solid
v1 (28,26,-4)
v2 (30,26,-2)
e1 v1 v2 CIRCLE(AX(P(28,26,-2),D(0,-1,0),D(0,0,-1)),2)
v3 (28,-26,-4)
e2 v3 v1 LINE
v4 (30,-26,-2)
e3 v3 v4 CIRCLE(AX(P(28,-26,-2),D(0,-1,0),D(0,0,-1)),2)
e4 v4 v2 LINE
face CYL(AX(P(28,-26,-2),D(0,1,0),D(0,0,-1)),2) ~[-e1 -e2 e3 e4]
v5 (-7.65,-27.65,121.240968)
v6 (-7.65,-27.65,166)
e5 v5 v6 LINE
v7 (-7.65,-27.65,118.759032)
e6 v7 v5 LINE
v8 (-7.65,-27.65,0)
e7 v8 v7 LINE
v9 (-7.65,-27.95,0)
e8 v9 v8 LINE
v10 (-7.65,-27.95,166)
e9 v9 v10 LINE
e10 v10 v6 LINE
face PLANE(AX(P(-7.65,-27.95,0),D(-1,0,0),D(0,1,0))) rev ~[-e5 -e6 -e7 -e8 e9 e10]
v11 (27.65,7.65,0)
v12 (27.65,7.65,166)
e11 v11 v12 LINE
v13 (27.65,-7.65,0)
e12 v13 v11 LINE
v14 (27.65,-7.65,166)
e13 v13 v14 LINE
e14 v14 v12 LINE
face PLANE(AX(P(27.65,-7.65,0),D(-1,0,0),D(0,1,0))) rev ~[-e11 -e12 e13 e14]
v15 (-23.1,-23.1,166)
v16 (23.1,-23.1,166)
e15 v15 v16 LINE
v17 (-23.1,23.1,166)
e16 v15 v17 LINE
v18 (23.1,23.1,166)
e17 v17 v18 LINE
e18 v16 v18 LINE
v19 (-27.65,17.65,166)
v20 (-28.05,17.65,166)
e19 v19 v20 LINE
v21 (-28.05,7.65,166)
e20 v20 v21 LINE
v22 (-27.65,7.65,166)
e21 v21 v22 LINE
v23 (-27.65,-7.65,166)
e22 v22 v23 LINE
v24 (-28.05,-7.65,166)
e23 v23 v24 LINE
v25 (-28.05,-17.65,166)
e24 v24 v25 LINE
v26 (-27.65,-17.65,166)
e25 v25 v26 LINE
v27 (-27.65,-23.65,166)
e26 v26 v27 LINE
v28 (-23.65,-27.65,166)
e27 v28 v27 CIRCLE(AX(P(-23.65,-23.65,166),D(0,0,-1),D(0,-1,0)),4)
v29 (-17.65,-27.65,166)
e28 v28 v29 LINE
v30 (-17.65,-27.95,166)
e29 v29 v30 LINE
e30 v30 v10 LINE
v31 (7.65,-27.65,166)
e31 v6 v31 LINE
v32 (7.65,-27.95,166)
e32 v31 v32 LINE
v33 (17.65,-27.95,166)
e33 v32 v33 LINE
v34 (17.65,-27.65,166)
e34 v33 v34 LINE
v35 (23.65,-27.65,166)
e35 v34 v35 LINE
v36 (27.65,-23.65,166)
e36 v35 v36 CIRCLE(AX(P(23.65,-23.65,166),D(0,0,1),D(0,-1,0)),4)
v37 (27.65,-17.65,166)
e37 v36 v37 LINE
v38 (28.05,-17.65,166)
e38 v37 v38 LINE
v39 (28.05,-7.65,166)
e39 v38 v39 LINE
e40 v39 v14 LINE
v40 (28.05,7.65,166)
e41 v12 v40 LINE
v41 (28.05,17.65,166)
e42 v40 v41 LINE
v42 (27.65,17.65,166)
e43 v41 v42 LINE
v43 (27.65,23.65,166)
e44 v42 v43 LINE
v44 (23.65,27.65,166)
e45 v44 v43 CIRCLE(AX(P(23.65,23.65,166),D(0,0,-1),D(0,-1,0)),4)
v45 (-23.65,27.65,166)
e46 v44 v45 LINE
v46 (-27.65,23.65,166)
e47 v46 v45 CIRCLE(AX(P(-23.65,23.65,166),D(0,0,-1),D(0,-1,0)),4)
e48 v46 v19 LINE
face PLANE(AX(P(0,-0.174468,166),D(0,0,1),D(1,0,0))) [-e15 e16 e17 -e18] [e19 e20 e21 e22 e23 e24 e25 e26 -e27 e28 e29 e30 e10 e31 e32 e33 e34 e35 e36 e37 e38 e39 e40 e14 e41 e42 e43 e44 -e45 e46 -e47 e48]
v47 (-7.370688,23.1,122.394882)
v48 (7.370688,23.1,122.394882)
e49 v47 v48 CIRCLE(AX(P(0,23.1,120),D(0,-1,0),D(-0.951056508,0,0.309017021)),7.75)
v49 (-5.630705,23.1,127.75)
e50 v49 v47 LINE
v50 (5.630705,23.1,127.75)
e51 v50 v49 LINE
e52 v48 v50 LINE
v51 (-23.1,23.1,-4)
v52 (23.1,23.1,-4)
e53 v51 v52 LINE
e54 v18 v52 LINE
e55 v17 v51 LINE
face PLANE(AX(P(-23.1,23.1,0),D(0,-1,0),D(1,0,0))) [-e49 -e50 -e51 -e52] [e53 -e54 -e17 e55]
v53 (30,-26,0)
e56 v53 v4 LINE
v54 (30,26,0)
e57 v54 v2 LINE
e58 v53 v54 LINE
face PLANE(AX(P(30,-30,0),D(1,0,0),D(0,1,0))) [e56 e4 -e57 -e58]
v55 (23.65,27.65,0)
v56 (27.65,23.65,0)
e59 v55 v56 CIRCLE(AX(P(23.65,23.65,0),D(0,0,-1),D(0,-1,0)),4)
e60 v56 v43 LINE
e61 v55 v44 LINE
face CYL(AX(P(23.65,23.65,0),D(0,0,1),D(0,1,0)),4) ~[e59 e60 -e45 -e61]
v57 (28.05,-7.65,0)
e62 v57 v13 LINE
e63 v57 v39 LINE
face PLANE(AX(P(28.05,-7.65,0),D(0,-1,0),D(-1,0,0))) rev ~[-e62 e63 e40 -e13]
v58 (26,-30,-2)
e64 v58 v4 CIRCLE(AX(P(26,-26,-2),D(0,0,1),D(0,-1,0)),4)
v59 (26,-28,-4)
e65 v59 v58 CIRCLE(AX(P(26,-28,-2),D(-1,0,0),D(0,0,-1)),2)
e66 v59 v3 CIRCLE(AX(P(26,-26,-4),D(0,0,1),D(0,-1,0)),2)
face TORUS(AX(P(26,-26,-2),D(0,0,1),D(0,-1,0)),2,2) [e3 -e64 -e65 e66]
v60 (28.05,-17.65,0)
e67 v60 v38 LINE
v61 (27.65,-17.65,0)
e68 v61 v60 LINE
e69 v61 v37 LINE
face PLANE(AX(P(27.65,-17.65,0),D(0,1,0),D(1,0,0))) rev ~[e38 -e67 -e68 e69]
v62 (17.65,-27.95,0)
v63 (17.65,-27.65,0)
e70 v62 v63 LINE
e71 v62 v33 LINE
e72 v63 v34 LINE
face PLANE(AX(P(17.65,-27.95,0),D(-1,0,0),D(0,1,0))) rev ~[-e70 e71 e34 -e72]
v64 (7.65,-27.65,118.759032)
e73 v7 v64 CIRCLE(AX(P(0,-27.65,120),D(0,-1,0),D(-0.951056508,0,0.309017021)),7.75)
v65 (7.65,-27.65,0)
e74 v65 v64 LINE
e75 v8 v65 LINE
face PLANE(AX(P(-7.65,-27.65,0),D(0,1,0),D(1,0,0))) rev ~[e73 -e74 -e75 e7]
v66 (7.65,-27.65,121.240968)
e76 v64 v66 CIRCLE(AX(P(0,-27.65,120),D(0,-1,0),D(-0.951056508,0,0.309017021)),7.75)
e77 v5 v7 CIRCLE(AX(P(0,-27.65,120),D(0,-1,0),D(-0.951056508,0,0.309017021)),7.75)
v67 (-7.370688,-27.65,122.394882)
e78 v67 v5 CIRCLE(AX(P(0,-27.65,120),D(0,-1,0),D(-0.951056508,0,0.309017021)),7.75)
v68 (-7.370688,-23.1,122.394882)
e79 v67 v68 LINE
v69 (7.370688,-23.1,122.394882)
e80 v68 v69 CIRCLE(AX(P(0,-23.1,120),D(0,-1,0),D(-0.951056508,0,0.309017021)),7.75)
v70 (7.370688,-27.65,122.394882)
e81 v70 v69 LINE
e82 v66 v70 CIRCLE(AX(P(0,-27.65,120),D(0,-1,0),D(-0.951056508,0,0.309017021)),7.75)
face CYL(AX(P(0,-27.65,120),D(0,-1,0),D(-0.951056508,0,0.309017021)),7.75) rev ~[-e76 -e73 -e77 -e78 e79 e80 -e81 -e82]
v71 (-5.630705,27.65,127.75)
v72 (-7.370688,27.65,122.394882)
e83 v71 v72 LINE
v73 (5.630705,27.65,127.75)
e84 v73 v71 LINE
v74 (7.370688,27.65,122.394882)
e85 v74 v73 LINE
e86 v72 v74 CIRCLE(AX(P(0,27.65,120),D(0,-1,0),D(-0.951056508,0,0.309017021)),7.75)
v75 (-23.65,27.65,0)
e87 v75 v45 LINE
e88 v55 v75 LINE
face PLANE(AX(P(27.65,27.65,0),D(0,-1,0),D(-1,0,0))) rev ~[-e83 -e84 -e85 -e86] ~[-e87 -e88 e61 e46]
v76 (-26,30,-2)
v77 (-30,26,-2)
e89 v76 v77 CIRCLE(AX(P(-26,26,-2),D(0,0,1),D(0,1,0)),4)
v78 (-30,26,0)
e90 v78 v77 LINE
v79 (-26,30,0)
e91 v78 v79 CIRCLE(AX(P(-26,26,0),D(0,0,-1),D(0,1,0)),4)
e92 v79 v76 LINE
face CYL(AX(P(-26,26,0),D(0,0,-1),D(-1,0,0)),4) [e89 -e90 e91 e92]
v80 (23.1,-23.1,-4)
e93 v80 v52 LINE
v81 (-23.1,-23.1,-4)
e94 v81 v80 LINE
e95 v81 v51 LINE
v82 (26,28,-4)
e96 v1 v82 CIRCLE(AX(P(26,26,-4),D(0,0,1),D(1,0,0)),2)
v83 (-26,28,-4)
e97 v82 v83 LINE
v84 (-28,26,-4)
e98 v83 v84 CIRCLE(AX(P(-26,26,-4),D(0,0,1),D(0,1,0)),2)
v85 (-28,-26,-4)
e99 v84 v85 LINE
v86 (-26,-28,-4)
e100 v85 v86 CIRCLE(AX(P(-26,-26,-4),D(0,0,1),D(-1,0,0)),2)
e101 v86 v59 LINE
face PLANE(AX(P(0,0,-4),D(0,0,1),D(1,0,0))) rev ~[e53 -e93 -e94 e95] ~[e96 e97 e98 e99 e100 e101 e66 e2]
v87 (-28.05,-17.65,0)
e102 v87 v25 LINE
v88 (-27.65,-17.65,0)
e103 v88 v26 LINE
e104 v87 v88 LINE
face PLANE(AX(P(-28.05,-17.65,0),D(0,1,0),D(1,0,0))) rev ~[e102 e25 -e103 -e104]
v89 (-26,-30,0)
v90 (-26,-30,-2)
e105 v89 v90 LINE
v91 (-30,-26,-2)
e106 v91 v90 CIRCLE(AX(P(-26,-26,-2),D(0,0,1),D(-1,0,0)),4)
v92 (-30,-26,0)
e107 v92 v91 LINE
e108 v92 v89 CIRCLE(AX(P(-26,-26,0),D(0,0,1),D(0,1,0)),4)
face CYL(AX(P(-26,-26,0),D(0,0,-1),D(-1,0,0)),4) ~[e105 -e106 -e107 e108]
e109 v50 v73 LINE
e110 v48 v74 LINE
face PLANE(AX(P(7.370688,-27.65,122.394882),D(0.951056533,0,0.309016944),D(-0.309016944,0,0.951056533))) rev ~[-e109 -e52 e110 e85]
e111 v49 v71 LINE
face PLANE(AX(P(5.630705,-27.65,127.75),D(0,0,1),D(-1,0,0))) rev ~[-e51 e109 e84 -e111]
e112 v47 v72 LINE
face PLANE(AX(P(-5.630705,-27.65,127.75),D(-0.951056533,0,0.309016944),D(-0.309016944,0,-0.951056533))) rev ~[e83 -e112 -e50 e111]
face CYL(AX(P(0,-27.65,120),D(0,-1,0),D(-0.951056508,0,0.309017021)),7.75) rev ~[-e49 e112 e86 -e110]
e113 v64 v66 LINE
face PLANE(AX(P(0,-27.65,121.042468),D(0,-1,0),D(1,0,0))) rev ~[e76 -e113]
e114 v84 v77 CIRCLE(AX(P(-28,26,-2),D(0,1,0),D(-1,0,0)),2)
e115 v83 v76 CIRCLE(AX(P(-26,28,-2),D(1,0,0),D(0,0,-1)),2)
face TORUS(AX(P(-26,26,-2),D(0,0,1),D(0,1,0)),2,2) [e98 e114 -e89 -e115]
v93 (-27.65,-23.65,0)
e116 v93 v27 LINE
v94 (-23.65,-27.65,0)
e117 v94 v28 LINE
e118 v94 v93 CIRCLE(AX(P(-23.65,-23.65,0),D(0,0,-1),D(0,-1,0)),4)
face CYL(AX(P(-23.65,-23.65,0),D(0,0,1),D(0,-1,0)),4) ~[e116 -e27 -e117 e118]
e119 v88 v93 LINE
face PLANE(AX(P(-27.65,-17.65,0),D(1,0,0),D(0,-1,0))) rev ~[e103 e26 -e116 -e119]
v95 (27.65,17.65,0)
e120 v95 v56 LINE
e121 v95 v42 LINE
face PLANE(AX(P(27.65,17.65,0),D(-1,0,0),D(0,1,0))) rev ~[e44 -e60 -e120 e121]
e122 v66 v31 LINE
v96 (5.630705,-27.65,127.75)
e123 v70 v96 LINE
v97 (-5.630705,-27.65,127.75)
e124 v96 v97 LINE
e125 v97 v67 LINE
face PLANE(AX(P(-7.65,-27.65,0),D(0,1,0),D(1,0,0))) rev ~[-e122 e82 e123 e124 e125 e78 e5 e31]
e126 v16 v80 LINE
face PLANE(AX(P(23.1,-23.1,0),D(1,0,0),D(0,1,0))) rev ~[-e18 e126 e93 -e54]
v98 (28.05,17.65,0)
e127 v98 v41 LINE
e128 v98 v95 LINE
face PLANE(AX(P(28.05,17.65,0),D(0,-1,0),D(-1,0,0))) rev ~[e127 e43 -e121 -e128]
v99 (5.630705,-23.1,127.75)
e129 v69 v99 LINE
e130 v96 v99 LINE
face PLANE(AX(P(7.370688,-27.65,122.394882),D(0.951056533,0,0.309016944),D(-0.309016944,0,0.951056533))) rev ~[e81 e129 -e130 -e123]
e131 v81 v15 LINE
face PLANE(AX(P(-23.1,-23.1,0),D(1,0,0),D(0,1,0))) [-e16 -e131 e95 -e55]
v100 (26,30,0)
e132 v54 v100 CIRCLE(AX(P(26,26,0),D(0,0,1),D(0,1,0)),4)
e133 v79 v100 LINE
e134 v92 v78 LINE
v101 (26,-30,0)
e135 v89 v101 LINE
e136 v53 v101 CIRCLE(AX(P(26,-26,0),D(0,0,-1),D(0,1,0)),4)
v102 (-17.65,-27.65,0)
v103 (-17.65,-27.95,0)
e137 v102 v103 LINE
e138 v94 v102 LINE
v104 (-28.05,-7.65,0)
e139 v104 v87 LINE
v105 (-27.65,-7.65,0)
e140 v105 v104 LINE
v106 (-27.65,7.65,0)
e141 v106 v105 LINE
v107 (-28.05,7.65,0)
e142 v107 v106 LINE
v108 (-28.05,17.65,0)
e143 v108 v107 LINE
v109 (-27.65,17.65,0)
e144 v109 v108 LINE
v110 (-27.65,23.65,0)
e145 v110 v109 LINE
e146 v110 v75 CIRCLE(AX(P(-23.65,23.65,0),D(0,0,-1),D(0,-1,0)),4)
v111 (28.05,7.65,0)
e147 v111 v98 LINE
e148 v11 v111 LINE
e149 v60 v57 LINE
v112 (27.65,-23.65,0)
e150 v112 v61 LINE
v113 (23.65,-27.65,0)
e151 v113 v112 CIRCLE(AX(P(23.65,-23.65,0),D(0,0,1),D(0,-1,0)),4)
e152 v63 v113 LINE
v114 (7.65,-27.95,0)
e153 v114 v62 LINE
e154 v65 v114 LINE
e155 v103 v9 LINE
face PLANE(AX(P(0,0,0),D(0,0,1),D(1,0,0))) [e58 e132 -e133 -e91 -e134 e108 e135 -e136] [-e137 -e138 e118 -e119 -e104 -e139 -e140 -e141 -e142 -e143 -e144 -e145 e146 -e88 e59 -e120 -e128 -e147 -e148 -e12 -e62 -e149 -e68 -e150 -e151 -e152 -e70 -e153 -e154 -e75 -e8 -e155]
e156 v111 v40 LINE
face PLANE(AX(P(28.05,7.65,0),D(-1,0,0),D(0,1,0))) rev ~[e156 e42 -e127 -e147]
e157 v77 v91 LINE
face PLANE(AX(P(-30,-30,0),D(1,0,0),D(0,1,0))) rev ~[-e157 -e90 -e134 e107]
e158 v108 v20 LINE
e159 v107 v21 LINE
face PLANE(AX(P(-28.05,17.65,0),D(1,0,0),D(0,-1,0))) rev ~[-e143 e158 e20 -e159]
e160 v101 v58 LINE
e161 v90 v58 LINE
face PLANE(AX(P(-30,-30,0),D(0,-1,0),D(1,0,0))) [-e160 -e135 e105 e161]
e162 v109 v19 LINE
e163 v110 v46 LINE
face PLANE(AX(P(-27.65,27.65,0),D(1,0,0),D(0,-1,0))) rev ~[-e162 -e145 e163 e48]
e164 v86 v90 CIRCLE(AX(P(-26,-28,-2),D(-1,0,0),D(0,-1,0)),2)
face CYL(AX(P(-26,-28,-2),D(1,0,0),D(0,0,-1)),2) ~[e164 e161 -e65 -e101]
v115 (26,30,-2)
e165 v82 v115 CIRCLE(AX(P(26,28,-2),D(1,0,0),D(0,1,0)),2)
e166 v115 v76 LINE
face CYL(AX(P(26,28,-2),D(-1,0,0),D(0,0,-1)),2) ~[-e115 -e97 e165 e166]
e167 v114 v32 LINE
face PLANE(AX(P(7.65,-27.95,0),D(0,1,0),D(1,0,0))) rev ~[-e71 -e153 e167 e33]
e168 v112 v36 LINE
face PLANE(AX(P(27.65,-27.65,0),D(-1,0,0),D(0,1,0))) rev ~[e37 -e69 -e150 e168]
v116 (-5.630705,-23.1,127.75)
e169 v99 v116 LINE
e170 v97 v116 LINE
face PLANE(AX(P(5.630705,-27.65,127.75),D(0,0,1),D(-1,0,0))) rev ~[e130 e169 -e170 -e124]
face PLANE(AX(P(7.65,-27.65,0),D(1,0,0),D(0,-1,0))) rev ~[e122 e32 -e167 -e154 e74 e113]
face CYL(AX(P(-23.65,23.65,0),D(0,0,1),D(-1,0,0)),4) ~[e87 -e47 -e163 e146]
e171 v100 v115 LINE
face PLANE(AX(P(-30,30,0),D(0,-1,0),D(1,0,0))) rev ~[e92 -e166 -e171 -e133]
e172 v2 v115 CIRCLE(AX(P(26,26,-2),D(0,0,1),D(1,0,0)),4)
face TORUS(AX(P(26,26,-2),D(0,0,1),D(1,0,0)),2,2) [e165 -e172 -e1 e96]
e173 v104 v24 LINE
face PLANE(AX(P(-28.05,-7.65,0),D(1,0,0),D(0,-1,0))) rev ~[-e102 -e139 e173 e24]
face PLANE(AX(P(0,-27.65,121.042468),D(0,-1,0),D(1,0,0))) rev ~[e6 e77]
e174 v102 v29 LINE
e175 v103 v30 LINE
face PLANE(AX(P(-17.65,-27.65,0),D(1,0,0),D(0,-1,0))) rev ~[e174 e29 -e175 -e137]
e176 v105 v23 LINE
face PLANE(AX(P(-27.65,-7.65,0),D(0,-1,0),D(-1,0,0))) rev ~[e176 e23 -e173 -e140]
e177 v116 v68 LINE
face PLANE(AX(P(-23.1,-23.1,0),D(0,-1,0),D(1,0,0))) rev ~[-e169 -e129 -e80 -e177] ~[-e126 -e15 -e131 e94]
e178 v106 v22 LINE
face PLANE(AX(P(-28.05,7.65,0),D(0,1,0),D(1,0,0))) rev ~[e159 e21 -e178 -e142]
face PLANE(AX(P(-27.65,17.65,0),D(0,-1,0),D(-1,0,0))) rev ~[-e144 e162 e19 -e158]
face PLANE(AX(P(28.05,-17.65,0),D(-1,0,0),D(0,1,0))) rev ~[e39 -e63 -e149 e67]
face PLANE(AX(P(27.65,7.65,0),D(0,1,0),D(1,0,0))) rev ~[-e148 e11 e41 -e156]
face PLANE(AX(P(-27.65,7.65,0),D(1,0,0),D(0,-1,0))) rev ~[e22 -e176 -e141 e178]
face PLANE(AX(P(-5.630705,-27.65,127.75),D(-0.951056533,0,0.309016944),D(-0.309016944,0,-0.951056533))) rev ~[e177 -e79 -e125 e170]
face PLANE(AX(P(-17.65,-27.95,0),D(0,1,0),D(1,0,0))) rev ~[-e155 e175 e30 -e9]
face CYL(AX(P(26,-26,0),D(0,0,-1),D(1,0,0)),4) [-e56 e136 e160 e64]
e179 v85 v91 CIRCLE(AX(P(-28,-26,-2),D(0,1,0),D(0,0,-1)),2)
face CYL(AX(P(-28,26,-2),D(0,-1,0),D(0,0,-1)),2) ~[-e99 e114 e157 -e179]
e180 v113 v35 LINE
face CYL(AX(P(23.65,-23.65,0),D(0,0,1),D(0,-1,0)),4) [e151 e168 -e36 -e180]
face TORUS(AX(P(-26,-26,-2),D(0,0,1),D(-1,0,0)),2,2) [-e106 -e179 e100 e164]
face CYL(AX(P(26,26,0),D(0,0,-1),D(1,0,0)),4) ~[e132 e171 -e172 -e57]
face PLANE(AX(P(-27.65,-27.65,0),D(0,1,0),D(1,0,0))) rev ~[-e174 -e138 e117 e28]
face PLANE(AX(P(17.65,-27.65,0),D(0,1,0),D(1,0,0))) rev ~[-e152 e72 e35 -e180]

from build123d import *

# Parameters (mm, degrees)
F0_W     = 46.2
F0_H     = 46.2
F1_DEPTH = 166
F0_W_2   = 60
F0_H_2   = 60
F2_DEPTH = 4
F3_R     = 4
F4_R     = 2
F7_DEPTH = 80


with BuildPart() as f1:
    # F0 (on Top) → F1 (new body)
    with BuildSketch(Plane.XY):
        Polygon((27.65, 17.65), (27.65, 27.65), (-27.65, 27.65), (-27.65, 17.65), (-28.05, 17.65), (-28.05, 7.65), (-27.65, 7.65), (-27.65, -7.65), (-28.05, -7.65), (-28.05, -17.65), (-27.65, -17.65), (-27.65, -27.65), (-17.65, -27.65), (-17.65, -27.95), (-7.65, -27.95), (-7.65, -27.65), (7.65, -27.65), (7.65, -27.95), (17.65, -27.95), (17.65, -27.65), (27.65, -27.65), (27.65, -17.65), (28.05, -17.65), (28.05, -7.65), (27.65, -7.65), (27.65, 7.65), (28.05, 7.65), (28.05, 17.65), align=None)
        Rectangle(F0_W, F0_H, mode=Mode.SUBTRACT)
    extrude(amount=F1_DEPTH)

    # F0 (on Top) → F2 (join)
    with BuildSketch(Plane.XY):
        Rectangle(F0_W_2, F0_H_2)
        Polygon((-27.65, 27.65), (27.65, 27.65), (27.65, 17.65), (28.05, 17.65), (28.05, 7.65), (27.65, 7.65), (27.65, -7.65), (28.05, -7.65), (28.05, -17.65), (27.65, -17.65), (27.65, -27.65), (17.65, -27.65), (17.65, -27.95), (7.65, -27.95), (7.65, -27.65), (-7.65, -27.65), (-7.65, -27.95), (-17.65, -27.95), (-17.65, -27.65), (-27.65, -27.65), (-27.65, -17.65), (-28.05, -17.65), (-28.05, -7.65), (-27.65, -7.65), (-27.65, 7.65), (-28.05, 7.65), (-28.05, 17.65), (-27.65, 17.65), align=None, mode=Mode.SUBTRACT)
        Polygon((27.65, 17.65), (27.65, 27.65), (-27.65, 27.65), (-27.65, 17.65), (-28.05, 17.65), (-28.05, 7.65), (-27.65, 7.65), (-27.65, -7.65), (-28.05, -7.65), (-28.05, -17.65), (-27.65, -17.65), (-27.65, -27.65), (-17.65, -27.65), (-17.65, -27.95), (-7.65, -27.95), (-7.65, -27.65), (7.65, -27.65), (7.65, -27.95), (17.65, -27.95), (17.65, -27.65), (27.65, -27.65), (27.65, -17.65), (28.05, -17.65), (28.05, -7.65), (27.65, -7.65), (27.65, 7.65), (28.05, 7.65), (28.05, 17.65), align=None)
        Rectangle(F0_W, F0_H, mode=Mode.SUBTRACT)
    extrude(amount=-F2_DEPTH)

    # F3
    f3_edges = [f1.edges().sort_by_distance(p)[0] for p in [
        (-27.65, 27.65, 83),
        (-27.65, -27.65, 83),
        (27.65, -27.65, 83),
        (27.65, 27.65, 83),
        (30, 30, -2),
        (30, -30, -2),
        (-30, 30, -2),
        (-30, -30, -2),
    ]]
    fillet(f3_edges, radius=F3_R)

    # F4
    f4_edges = [f1.edges().sort_by_distance(p)[0] for p in [
        (30, 0, -4),
    ]]
    fillet(f4_edges, radius=F4_R)

    # F6 (on offset) → F7 (cut)
    with BuildSketch(Plane.XZ.offset(27.65)):
        with BuildLine():
            Line((-5.630705, 127.75), (-7.370688, 122.394882))
            ThreePointArc((-7.370688, 122.394882), (0, 112.25), (7.370688, 122.394882))
            Line((7.370688, 122.394882), (5.630705, 127.75))
            Line((5.630705, 127.75), (-5.630705, 127.75))
        make_face()
    extrude(amount=-F7_DEPTH, mode=Mode.SUBTRACT)


solid = f1.part
